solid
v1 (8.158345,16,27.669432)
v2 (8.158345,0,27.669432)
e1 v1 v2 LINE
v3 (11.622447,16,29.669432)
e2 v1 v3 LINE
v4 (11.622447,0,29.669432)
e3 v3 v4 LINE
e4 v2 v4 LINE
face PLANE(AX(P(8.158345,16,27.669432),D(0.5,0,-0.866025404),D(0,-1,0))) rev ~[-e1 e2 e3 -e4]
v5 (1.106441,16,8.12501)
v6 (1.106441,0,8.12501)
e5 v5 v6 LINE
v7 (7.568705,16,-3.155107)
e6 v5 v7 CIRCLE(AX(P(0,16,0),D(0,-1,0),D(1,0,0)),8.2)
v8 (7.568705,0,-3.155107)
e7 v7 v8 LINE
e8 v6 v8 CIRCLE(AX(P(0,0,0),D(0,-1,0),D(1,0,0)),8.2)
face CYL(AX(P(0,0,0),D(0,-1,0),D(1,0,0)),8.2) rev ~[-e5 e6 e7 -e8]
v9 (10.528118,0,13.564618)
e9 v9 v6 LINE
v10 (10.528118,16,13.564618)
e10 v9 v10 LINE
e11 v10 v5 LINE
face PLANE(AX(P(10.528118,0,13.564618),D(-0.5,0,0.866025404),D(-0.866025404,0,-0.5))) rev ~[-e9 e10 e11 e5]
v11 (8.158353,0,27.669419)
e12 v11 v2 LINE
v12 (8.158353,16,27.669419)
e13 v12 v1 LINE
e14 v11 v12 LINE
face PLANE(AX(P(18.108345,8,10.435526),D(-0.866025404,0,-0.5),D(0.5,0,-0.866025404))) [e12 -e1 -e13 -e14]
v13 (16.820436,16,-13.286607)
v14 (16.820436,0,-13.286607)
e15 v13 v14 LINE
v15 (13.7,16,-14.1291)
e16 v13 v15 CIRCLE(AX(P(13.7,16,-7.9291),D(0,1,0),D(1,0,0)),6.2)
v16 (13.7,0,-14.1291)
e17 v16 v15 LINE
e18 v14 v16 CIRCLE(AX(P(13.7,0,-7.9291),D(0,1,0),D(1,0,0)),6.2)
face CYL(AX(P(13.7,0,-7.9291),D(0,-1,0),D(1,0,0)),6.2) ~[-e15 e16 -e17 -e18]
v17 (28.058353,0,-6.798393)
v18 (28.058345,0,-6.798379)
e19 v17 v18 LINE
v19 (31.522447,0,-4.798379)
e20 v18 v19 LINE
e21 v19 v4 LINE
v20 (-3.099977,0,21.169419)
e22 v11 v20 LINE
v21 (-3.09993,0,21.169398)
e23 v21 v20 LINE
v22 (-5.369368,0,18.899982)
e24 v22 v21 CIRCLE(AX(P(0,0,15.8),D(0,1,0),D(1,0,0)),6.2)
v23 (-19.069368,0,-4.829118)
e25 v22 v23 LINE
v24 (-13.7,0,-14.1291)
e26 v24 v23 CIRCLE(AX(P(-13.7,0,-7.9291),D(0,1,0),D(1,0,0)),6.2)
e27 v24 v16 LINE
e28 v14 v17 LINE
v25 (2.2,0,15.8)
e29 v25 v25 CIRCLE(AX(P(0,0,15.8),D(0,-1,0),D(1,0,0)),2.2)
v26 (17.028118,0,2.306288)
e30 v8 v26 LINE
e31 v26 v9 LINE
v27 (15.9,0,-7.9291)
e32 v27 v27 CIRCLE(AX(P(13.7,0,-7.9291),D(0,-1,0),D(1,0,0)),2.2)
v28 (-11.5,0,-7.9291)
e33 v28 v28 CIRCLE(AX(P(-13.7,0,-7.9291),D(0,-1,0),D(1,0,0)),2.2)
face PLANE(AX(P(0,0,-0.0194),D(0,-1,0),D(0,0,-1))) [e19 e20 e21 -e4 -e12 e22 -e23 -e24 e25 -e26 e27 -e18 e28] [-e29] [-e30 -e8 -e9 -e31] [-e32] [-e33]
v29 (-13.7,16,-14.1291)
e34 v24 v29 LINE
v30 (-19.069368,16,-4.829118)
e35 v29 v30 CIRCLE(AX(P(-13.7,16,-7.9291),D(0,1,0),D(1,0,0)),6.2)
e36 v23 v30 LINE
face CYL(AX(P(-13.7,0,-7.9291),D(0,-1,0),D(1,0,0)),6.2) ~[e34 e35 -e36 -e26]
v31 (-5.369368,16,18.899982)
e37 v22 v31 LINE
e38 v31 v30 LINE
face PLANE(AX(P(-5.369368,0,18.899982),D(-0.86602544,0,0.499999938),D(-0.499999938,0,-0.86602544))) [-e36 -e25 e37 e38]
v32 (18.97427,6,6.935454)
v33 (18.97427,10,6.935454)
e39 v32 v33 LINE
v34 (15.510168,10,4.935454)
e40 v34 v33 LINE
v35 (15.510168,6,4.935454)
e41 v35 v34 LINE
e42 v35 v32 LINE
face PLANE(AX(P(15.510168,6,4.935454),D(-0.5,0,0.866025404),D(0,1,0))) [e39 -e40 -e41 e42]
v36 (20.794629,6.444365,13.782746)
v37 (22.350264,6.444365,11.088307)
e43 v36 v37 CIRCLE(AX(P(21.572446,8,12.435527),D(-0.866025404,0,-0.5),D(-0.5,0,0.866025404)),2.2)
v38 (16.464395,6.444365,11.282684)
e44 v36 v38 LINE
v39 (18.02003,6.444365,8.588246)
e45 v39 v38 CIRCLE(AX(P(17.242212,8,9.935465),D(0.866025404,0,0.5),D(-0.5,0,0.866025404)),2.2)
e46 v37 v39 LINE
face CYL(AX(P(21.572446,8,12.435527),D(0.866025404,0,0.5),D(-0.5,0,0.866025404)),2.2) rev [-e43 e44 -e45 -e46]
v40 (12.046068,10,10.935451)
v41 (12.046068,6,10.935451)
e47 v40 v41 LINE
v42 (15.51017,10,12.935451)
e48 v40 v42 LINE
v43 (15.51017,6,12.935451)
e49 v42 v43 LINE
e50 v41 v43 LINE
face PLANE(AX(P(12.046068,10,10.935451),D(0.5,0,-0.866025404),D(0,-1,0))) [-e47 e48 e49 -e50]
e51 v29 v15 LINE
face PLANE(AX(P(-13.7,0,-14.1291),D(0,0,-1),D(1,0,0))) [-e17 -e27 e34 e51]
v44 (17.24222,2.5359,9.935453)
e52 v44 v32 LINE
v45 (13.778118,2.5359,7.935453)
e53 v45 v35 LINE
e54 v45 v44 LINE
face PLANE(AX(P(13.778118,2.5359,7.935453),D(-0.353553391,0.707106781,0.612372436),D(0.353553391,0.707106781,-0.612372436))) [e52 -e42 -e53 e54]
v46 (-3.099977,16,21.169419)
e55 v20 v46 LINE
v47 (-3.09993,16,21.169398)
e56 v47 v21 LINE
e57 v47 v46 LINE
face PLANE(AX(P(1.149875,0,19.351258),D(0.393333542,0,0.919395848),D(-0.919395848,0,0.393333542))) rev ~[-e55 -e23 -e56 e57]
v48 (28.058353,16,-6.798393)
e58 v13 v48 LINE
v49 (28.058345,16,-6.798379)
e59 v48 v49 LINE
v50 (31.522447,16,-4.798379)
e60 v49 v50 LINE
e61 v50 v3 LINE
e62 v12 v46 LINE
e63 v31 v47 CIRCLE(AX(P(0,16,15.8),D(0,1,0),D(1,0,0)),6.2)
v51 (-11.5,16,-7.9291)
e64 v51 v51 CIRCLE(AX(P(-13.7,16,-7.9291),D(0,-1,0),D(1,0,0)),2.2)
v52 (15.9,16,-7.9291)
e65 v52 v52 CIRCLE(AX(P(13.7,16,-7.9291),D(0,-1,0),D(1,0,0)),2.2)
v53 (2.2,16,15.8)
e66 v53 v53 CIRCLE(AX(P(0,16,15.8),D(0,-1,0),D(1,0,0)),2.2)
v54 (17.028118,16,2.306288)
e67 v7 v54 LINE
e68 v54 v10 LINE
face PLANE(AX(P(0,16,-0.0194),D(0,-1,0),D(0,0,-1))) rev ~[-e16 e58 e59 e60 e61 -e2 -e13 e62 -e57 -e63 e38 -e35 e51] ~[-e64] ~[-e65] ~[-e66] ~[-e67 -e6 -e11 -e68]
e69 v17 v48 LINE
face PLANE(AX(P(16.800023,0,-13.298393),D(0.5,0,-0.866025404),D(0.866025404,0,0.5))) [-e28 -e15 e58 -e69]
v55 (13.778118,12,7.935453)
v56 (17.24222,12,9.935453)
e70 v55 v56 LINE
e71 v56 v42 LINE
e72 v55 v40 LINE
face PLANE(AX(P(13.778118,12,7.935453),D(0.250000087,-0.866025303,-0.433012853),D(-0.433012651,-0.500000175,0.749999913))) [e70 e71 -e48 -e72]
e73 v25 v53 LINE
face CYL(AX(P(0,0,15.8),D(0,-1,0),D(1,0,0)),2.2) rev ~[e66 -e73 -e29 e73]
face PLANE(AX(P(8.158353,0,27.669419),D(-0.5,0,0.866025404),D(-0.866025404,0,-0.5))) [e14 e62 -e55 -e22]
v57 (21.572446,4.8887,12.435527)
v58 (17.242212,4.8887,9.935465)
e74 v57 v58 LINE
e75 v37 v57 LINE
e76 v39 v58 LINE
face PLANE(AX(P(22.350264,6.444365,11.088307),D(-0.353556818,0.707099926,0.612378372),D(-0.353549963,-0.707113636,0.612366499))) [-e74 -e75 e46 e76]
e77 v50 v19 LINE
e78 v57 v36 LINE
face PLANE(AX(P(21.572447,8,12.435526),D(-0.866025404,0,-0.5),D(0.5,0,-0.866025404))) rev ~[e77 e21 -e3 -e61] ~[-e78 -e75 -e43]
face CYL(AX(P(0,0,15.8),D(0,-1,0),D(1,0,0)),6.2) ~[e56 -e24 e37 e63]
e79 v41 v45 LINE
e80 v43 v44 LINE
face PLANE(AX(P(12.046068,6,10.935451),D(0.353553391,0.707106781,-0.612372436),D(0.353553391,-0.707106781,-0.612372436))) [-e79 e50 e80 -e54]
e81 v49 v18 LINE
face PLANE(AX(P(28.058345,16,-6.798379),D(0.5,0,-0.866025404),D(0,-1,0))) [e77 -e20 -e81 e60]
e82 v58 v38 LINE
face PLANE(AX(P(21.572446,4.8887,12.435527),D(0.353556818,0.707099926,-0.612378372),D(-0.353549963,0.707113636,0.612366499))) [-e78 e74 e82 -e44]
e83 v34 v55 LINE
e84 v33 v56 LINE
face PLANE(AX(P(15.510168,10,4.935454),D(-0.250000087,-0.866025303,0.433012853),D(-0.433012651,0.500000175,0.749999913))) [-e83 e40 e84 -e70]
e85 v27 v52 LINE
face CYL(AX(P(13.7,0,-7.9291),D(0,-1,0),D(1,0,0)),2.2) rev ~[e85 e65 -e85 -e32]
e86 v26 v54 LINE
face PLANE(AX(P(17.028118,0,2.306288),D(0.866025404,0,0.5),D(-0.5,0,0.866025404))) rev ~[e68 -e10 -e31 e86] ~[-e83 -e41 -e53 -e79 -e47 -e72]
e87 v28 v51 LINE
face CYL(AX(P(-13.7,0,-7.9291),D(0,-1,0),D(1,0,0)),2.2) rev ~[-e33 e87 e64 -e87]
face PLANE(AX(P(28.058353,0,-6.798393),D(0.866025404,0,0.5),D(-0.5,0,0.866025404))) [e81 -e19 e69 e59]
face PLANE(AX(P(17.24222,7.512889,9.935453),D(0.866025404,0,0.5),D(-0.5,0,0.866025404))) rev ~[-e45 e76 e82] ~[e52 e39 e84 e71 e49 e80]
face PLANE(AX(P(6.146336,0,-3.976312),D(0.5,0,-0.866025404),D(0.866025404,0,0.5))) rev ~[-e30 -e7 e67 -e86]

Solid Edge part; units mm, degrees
sketch "Sketch1" plane through (0, 0, 0) normal (0, -1, 0) x (1, 0, 0)
  line L0 (-5.3694, 18.9) -> (-19.0694, -4.8291)
  arc A0 (-13.7, -14.1291) -> (-19.0694, -4.8291) centre (-13.7, -7.9291) cw
  line L1 (-13.7, -14.1291) -> (13.7, -14.1291)
  arc A1 (19.0694, -4.8291) -> (13.7, -14.1291) centre (13.7, -7.9291) cw
  line L2 (5.3694, 18.9) -> (19.0694, -4.8291)
  arc A2 (-5.3694, 18.9) -> (5.3694, 18.9) centre (0, 15.8) cw
  dimension "D1" = 5.3694
extrude "Protrusion1" add sketch "Sketch1" against normal blind 16
sketch "Sketch2" plane through (0, 0, 0) normal (0, -1, 0) x (1, 0, 0)
  circle A0 centre (-13.7, -7.9291) radius 2.2
  circle A1 centre (13.7, -7.9291) radius 2.2
  circle A2 centre (0, 15.8) radius 2.2
  dimension "D1" = 32.8
  dimension "D2" = 4
  dimension "D3" = 4.4
  dimension "D4" = 6.2
  dimension "D5" = 6.2
  dimension "D6" = 4.4
  dimension "D7" = 6.2
  dimension "D8" = 27.4
  dimension "D9" = 27.4
  dimension "D10" = 27.4
extrude "Cutout1" cut sketch "Sketch2" against normal blind 457.8755
sketch "Sketch3" plane through (0, 0, 0) normal (0, -1, 0) x (1, 0, 0)
  circle A0 centre (0, 0) radius 8.2
extrude "Cutout2" cut sketch "Sketch3" against normal blind 434.4917
sketch "Sketch4" plane through (0, 0, 3.9355) normal (0, -1, 0) x (-0.5, 0, 0.866)
  line L0 (-23.325, -5.9323) -> (-23.325, -18.9323)
  line L1 (-23.325, -18.9323) -> (16.475, -18.9323)
  line L2 (16.475, -18.9323) -> (16.475, -5.9323)
  line L3 (12.7755, -8.7037) -> (16.475, -5.9323)
  line L4 (-20.9306, -8.7037) -> (12.7755, -8.7037)
  line L5 (-20.9306, -5.9323) -> (-20.9306, -8.7037)
  line L6 (-23.325, -5.9323) -> (-20.9306, -5.9323)
  dimension "D1" = 13
extrude "Protrusion2" add sketch "Sketch4" against normal up to vertex (16 mm away)
sketch "Sketch5" plane through (3.1086, 0, 6.2098) normal (0, -1, 0) x (-0.5, 0, 0.866)
  line L0 (-10.3403, 2.4623) -> (-10.3403, -10.1029)
  line L1 (-10.3403, -10.1029) -> (2.6597, -10.1029)
  line L2 (2.6597, -10.1029) -> (2.6597, 2.4623)
  line L3 (2.6597, 2.4623) -> (-10.3403, 2.4623)
  dimension "D1" = 5
  dimension "D2" = 5
  dimension "D3" = 5
extrude "ExtrudedCutout_18" cut sketch "Sketch5" against normal blind 196.9446
sketch "Sketch6" plane through (13.7782, 8, 7.9355) normal (-0.866, 0, -0.5) x (0, -1, 0)
  line L0 (-2, 3.4641) -> (2, 3.4641)
  line L1 (-4, 0) -> (-2, 3.4641)
  line L2 (-2, -3.4641) -> (-4, 0)
  line L3 (2, -3.4641) -> (-2, -3.4641)
  line L4 (5.4641, 0) -> (2, -3.4641)
  line L5 (2, 3.4641) -> (5.4641, 0)
extrude "ExtrudedCutout_19" cut sketch "Sketch6" against normal blind 4
sketch "Sketch7" plane through (18.1083, 8, 10.4355) normal (0.866, 0, 0.5) x (-0.5, 0, 0.866)
  line L0 (-19.9, 8) -> (19.9, 8)
  line L1 (19.9, -8) -> (19.9, 8)
  line L2 (-19.9, -8) -> (19.9, -8)
  line L3 (-19.9, -8) -> (-19.9, 8)
extrude "ExtrudedProtrusion_14" add sketch "Sketch7" along normal blind 4
sketch "Sketch8" plane through (21.5724, 8, 12.4355) normal (0.866, 0, 0.5) x (-0.5, 0, 0.866)
  line L0 (-1.5556, 1.5556) -> (0, 3.1113)
  line L1 (0, 3.1113) -> (1.5556, 1.5556)
  arc A0 (1.5556, 1.5556) -> (-1.5556, 1.5556) centre (0, 0) cw
extrude "ExtrudedCutout_20" cut sketch "Sketch8" against normal blind 25.1595
